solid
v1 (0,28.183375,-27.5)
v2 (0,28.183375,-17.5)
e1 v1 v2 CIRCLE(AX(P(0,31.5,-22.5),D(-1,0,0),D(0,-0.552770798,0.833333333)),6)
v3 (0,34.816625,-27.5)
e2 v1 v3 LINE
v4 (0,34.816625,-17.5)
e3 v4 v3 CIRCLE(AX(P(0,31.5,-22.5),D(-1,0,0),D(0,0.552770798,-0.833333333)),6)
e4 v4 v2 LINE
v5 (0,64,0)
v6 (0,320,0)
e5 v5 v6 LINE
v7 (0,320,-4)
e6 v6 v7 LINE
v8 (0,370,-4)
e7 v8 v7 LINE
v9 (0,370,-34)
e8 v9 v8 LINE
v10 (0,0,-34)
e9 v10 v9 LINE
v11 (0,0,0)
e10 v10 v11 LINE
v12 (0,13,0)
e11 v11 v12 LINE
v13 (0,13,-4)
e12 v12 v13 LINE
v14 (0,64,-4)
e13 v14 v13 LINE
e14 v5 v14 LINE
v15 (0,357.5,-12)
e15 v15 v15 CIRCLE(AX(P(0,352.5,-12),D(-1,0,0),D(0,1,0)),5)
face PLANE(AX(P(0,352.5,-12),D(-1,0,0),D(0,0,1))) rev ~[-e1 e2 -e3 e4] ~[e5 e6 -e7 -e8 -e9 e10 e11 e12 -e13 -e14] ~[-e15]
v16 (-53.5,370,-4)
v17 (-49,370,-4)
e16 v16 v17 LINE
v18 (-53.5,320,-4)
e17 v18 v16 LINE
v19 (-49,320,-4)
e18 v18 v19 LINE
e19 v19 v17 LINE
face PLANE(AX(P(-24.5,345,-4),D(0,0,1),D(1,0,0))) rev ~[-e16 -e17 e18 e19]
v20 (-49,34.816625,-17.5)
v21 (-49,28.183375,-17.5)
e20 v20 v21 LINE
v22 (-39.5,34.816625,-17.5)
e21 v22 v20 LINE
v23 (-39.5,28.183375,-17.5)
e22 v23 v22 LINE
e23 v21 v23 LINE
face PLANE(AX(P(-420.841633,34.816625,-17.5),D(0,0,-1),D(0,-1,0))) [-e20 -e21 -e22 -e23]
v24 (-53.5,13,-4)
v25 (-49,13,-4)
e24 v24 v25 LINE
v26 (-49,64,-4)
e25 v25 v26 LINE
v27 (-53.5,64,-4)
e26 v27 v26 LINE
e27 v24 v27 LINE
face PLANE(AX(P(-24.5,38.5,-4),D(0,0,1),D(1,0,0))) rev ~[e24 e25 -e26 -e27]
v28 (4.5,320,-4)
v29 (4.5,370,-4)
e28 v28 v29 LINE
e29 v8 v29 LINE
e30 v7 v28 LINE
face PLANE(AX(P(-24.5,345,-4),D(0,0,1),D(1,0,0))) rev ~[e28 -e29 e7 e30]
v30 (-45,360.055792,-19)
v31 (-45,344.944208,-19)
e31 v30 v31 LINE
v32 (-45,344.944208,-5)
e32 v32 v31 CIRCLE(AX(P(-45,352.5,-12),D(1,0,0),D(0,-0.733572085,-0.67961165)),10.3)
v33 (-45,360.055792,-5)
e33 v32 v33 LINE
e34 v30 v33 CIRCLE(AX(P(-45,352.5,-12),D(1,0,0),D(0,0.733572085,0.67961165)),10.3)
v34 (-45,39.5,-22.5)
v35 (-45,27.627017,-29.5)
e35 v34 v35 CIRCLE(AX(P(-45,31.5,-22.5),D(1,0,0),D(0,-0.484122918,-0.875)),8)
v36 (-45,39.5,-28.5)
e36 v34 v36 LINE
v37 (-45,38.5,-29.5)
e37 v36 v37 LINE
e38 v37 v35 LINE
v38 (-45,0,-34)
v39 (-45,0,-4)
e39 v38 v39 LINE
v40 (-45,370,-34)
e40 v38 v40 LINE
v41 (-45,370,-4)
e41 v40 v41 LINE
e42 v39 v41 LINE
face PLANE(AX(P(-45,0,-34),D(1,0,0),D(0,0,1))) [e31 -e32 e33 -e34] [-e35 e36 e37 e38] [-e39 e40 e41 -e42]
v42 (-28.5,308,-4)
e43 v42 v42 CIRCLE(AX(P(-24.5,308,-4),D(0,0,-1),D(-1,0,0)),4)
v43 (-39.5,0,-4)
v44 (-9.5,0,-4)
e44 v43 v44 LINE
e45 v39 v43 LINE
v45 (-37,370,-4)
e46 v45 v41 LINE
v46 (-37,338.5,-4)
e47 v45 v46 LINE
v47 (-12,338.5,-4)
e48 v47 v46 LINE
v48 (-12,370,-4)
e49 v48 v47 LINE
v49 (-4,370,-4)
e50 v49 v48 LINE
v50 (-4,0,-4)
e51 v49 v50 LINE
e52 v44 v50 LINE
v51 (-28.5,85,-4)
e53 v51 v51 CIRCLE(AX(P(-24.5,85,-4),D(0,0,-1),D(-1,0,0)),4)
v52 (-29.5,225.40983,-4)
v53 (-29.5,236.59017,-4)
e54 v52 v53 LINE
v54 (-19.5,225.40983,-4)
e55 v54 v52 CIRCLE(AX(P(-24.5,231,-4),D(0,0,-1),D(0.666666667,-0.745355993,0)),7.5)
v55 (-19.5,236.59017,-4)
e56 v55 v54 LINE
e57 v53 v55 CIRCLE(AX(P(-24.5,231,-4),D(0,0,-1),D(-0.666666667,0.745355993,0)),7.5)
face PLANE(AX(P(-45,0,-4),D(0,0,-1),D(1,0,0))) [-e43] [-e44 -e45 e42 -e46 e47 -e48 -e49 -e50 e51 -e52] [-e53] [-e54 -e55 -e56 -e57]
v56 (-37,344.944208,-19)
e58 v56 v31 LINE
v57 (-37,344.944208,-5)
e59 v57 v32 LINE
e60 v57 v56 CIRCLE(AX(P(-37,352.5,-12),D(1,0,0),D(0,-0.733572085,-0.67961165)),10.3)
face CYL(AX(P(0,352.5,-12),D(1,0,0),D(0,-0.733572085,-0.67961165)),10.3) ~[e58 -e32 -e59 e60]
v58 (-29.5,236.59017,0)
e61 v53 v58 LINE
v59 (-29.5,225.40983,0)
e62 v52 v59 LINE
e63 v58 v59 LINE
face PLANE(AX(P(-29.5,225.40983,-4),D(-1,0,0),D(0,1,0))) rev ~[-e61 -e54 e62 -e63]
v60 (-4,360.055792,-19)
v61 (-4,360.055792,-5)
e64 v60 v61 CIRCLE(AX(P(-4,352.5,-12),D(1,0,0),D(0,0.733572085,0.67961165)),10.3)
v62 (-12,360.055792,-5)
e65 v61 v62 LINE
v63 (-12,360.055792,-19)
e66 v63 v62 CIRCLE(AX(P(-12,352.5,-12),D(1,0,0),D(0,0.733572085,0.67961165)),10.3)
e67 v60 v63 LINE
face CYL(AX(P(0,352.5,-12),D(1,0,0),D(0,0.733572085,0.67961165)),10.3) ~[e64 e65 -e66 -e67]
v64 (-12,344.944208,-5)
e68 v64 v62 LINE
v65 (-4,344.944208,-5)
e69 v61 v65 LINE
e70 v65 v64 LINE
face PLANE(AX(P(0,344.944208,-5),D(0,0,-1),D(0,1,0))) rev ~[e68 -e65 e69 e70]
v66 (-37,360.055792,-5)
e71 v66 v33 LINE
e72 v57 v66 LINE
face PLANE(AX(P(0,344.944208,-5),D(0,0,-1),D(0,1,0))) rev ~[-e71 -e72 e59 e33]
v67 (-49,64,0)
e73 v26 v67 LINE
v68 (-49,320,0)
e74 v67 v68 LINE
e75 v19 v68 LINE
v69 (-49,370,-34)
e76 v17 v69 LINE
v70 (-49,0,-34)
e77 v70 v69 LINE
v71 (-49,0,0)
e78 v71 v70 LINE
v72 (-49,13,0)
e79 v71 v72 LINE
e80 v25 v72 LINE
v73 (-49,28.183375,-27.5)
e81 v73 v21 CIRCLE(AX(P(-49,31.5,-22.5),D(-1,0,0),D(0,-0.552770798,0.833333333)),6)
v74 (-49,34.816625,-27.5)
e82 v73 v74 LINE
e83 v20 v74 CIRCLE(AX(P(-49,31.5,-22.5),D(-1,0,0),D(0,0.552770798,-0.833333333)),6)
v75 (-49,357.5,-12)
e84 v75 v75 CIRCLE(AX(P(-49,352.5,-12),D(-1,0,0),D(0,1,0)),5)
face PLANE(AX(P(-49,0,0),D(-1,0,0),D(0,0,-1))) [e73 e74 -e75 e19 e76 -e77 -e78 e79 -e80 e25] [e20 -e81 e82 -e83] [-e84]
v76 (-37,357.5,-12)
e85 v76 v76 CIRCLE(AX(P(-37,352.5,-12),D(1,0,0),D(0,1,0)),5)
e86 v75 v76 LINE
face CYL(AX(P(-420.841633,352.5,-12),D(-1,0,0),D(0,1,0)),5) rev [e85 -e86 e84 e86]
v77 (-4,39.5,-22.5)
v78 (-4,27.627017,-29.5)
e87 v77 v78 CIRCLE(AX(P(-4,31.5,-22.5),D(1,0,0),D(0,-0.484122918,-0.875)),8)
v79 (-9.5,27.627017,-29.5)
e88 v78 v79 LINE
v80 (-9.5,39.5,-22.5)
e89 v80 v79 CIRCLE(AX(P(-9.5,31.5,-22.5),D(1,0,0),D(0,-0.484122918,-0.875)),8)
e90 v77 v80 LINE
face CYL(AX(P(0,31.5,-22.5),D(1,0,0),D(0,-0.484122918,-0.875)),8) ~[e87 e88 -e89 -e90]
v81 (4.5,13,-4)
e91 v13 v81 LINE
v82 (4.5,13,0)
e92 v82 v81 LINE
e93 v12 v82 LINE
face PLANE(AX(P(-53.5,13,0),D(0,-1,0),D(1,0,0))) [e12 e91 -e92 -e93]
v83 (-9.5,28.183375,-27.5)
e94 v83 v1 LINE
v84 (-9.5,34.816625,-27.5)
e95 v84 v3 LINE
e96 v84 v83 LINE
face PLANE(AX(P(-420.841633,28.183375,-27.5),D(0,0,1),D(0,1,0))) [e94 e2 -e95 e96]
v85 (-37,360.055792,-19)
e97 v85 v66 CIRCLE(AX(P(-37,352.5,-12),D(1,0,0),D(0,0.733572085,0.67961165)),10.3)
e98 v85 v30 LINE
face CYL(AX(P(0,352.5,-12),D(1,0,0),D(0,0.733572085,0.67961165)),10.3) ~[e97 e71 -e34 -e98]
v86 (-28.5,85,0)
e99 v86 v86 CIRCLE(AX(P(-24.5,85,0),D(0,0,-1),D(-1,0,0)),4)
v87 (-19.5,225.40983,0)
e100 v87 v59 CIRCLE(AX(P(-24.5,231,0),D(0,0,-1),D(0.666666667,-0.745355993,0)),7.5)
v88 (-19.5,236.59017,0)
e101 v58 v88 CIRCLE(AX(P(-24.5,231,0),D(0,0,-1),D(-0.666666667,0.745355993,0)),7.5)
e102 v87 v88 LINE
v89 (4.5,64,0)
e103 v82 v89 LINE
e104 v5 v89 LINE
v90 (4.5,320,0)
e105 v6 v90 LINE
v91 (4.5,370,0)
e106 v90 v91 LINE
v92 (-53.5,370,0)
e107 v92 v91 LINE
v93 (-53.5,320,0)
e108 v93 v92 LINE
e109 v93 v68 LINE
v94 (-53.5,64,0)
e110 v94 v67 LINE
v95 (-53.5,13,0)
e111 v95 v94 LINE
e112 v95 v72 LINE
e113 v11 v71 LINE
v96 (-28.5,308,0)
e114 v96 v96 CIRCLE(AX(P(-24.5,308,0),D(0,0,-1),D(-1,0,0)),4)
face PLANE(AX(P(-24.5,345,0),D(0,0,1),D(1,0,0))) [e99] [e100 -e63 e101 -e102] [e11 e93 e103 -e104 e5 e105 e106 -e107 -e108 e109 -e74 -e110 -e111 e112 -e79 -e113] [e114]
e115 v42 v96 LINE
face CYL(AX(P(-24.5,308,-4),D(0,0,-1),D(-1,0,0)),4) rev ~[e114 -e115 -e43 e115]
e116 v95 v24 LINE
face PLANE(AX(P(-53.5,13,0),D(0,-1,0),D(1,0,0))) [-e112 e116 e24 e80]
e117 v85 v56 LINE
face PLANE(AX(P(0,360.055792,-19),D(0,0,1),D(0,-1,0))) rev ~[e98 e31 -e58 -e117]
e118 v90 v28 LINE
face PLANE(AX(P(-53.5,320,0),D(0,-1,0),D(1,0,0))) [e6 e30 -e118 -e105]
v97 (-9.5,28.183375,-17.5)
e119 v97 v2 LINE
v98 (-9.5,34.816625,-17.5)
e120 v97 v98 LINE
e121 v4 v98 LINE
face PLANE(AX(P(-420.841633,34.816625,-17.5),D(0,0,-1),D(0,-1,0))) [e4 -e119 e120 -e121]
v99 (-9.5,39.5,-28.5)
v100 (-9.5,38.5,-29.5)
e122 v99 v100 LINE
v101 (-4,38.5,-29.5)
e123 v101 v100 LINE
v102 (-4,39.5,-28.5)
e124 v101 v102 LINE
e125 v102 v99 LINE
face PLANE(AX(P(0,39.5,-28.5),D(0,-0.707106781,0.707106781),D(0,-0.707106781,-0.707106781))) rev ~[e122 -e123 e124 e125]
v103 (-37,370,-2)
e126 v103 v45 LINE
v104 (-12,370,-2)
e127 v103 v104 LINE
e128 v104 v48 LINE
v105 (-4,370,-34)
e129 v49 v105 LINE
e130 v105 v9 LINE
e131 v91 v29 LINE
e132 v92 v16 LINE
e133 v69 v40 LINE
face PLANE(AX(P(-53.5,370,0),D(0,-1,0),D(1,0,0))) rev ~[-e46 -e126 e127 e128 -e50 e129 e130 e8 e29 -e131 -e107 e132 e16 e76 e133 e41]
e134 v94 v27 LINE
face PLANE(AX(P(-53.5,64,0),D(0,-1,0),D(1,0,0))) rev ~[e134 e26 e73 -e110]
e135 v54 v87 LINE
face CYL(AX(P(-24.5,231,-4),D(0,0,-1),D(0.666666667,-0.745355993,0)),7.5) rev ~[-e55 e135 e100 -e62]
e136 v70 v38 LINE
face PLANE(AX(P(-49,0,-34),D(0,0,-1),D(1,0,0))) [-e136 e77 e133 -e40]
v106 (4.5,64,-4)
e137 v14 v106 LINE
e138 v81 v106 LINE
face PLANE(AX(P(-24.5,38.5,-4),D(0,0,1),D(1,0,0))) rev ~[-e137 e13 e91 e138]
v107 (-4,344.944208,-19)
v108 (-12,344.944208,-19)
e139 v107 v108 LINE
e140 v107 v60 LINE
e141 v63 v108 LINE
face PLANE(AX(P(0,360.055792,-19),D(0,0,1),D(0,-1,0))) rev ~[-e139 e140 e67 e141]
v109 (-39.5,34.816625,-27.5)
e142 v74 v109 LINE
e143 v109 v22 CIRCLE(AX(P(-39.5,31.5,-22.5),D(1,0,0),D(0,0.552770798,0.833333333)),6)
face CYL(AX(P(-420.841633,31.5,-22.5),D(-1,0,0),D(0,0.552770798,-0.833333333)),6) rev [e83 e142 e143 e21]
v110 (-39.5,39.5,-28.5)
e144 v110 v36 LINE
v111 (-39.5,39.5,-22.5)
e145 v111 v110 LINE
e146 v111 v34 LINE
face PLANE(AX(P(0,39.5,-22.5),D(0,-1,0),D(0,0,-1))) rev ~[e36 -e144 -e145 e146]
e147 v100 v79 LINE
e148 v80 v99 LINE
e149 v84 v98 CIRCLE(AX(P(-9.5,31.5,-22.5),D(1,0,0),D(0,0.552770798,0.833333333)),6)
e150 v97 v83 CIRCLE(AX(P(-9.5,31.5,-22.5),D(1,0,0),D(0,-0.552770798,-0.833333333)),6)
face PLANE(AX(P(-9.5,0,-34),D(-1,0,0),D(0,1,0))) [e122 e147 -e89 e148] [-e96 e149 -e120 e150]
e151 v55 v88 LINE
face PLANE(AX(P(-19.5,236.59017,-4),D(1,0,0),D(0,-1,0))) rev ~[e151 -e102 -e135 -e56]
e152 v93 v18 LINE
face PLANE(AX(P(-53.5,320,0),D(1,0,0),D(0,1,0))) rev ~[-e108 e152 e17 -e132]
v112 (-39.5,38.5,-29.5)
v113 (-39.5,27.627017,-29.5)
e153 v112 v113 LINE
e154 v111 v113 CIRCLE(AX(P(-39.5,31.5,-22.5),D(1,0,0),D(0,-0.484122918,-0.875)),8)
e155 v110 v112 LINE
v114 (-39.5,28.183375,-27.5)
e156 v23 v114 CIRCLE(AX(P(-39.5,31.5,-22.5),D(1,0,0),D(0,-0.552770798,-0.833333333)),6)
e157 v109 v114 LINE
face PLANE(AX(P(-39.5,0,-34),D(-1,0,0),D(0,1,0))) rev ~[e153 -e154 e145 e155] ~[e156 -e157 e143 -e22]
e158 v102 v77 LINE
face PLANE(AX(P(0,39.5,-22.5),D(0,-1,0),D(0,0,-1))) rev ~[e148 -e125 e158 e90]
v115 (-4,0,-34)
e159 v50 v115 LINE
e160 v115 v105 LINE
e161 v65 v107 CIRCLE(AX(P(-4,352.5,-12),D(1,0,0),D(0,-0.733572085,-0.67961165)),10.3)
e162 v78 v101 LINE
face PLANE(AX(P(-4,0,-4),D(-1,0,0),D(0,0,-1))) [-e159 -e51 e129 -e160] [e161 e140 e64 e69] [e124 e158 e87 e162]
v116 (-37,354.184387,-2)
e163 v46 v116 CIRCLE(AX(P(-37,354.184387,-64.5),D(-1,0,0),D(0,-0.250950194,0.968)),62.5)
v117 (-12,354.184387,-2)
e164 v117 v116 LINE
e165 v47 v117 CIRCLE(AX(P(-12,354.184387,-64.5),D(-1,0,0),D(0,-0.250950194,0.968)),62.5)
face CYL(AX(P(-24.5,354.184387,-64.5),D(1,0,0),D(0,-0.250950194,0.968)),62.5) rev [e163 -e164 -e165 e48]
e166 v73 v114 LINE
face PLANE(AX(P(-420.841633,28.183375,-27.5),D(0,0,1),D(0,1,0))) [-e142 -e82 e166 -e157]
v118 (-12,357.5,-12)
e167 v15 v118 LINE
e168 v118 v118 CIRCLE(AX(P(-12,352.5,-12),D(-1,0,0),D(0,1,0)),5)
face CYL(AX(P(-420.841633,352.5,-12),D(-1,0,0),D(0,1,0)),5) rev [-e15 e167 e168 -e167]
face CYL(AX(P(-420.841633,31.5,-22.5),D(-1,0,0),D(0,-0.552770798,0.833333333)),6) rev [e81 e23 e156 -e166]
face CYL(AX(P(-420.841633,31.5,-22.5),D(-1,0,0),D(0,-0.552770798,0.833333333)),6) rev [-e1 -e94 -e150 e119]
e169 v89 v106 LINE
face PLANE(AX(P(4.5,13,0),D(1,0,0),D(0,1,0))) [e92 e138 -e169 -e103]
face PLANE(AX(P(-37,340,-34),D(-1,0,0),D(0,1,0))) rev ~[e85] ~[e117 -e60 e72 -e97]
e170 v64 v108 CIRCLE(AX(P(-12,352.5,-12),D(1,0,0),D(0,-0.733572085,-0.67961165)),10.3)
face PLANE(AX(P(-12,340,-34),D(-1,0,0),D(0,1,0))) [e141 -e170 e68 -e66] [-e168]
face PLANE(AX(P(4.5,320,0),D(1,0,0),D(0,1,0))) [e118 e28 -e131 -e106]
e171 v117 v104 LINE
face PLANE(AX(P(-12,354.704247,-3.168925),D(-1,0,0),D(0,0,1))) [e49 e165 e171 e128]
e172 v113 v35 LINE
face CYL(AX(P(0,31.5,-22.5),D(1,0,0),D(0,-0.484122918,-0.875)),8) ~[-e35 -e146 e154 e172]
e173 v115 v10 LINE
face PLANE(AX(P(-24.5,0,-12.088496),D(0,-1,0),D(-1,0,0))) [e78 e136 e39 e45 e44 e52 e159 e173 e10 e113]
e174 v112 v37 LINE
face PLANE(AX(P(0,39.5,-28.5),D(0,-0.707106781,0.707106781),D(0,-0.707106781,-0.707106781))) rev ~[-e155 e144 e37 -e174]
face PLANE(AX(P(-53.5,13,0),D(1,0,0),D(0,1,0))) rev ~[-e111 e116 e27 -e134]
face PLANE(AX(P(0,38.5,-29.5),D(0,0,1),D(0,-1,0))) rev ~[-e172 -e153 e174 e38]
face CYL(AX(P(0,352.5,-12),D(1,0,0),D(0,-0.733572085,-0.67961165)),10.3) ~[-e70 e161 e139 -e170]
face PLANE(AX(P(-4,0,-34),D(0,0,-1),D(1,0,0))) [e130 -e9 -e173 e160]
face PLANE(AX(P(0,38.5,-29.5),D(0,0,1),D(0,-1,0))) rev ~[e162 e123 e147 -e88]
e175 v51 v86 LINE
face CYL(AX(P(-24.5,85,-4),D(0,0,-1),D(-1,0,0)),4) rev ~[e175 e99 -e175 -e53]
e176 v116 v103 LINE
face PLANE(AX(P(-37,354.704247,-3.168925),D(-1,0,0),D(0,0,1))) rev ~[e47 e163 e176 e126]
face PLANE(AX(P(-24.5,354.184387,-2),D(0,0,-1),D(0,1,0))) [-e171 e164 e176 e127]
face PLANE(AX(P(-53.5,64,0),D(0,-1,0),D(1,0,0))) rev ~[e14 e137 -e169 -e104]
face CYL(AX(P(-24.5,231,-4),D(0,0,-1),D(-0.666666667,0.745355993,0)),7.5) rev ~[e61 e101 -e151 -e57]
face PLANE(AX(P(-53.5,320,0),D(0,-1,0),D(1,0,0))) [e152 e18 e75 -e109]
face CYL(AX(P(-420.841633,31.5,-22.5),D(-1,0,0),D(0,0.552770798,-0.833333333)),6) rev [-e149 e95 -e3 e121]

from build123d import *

# Parameters (mm, degrees)
BOSS_EXTRUDE1_DEPTH     = 370
SKETCH9_W               = 58
SKETCH9_H               = 50
SKETCH9_H_2             = 51
BOSS_EXTRUDE2_DEPTH     = 4
SKETCH14_R              = 5
BOSS_EXTRUDE3_DEPTH     = 49
CUT_EXTRUDE4_REACH      = 377.391
SKETCH15_W              = 25
SKETCH15_H              = 30
SKETCH15_W_2            = 30
SKETCH15_H_2            = 67.188472817
SKETCH16_R              = 4
CUT_EXTRUDE5_DEPTH      = 376.049663378
CUT_EXTRUDE6_DEPTH      = 376.049663378
CUT_EXTRUDE7_DEPTH      = 375.841633227
CUT_EXTRUDE7_DEPTH_BACK = 375.841633227
SKETCH18_R              = 5
CUT_EXTRUDE8_DEPTH      = 12.5


with BuildPart() as part:
    # Sketch3 → Boss-Extrude1 (new body)
    with BuildSketch(Plane(origin=(0, 0, 0), x_dir=(1, 0, 0), z_dir=(0, 1, 0))):
        Polygon((0, 0), (-49, 0), (-49, 34), (-45, 34), (-45, 4), (-4, 4), (-4, 34), (0, 34), align=None)
    extrude(amount=BOSS_EXTRUDE1_DEPTH)

    # Sketch9 → Boss-Extrude2 (add)
    with BuildSketch(Plane.XY):
        with Locations((-24.5, 345)):
            Rectangle(SKETCH9_W, SKETCH9_H)
        with Locations((-24.5, 38.5)):
            Rectangle(SKETCH9_W, SKETCH9_H_2)
    extrude(amount=-BOSS_EXTRUDE2_DEPTH)

    # Sketch14 → Boss-Extrude3 (add)
    # profile 1 of 2: a face of its own
    with BuildSketch(Plane(origin=(0, 0, 0), x_dir=(0, 0, -1), z_dir=(1, 0, 0))):
        with BuildLine():
            Line((19, 360.05579248), (19, 344.94420752))
            ThreePointArc((19, 344.94420752), (12, 342.2), (5, 344.94420752))
            Line((5, 344.94420752), (5, 360.05579248))
            ThreePointArc((5, 360.05579248), (12, 362.8), (19, 360.05579248))
        make_face()
        with Locations((12, 352.5)):
            Circle(SKETCH14_R, mode=Mode.SUBTRACT)
    # profile 2 of 2: a face of its own
    with BuildSketch(Plane(origin=(0, 0, 0), x_dir=(0, 0, -1), z_dir=(1, 0, 0))):
        with BuildLine():
            Line((29.5, 38.5), (29.5, 27.627016654))
            ThreePointArc((29.5, 27.627016654), (15.608560863, 27.436987987), (22.5, 39.5))
            Line((22.5, 39.5), (28.5, 39.5))
            Line((28.5, 39.5), (29.5, 38.5))
        make_face()
        with BuildLine():
            Line((27.5, 34.81662479), (27.5, 28.18337521))
            ThreePointArc((27.5, 28.18337521), (22.5, 25.5), (17.5, 28.18337521))
            Line((17.5, 28.18337521), (17.5, 34.81662479))
            ThreePointArc((17.5, 34.81662479), (22.5, 37.5), (27.5, 34.81662479))
        make_face(mode=Mode.SUBTRACT)
    extrude(amount=-BOSS_EXTRUDE3_DEPTH)

    # Cut-Extrude4: up to this face of the body (flat: up to its plane)
    cut_extrude4_end = Plane(part.part.faces().sort_by_distance((-24.5, 185, -4))[0])
    # Sketch15 → Cut-Extrude4 (cut, up to the picked face)
    with BuildSketch(Plane(origin=(0, 0, -34), x_dir=(-1, 0, 0), z_dir=(0, 0, -1)), mode=Mode.PRIVATE) as cut_extrude4_sk1:
        with Locations((24.5, 355)):
            Rectangle(SKETCH15_W, SKETCH15_H)
    cut_extrude4_tool1 = split(extrude(cut_extrude4_sk1.sketch, amount=-CUT_EXTRUDE4_REACH, mode=Mode.PRIVATE), bisect_by=cut_extrude4_end, keep=Keep.BOTH, mode=Mode.PRIVATE)
    # Sketch15 → Cut-Extrude4 (cut, up to the picked face)
    with BuildSketch(Plane(origin=(0, 0, -34), x_dir=(-1, 0, 0), z_dir=(0, 0, -1)), mode=Mode.PRIVATE) as cut_extrude4_sk2:
        with Locations((24.5, 33.594236409)):
            Rectangle(SKETCH15_W_2, SKETCH15_H_2)
    cut_extrude4_tool2 = split(extrude(cut_extrude4_sk2.sketch, amount=-CUT_EXTRUDE4_REACH, mode=Mode.PRIVATE), bisect_by=cut_extrude4_end, keep=Keep.BOTH, mode=Mode.PRIVATE)
    add(cut_extrude4_tool1.solids().sort_by(Axis((-24.5, 355, -34), (0, 0, 1)))[0], mode=Mode.SUBTRACT)
    add(cut_extrude4_tool2.solids().sort_by(Axis((-24.5, 33.594236, -34), (0, 0, 1)))[0], mode=Mode.SUBTRACT)

    # Sketch16 → Cut-Extrude5 (cut, through all)
    with BuildSketch(Plane(origin=(0, 0, -4), x_dir=(-1, 0, 0), z_dir=(0, 0, -1))):
        with Locations((24.5, 85)):
            Circle(SKETCH16_R)
        with Locations((24.5, 308)):
            Circle(SKETCH16_R)
    extrude(amount=-CUT_EXTRUDE5_DEPTH, mode=Mode.SUBTRACT)

    # Sketch17 → Cut-Extrude6 (cut, through all)
    with BuildSketch(Plane(origin=(0, 0, -4), x_dir=(-1, 0, 0), z_dir=(0, 0, -1))):
        with BuildLine():
            Line((19.5, 236.590169944), (19.5, 225.409830056))
            ThreePointArc((19.5, 225.409830056), (24.5, 223.5), (29.5, 225.409830056))
            Line((29.5, 225.409830056), (29.5, 236.590169944))
            ThreePointArc((29.5, 236.590169944), (24.5, 238.5), (19.5, 236.590169944))
        make_face()
    extrude(amount=-CUT_EXTRUDE6_DEPTH, mode=Mode.SUBTRACT)

    # Sketch18 → Cut-Extrude7 (cut, two sides: drawn at the far end of the back side and taken through both)
    with BuildSketch(Plane(origin=(-45, 0, 0), x_dir=(0, 0, -1), z_dir=(1, 0, 0)).offset(-CUT_EXTRUDE7_DEPTH_BACK)):
        with Locations(Location((12, 352.5, 0), (0, 0, 90))):
            Circle(SKETCH18_R)
        with BuildLine():
            Line((17.5, 34.81662479), (17.5, 28.18337521))
            ThreePointArc((17.5, 28.18337521), (22.5, 25.5), (27.5, 28.18337521))
            Line((27.5, 28.18337521), (27.5, 34.81662479))
            ThreePointArc((27.5, 34.81662479), (22.5, 37.5), (17.5, 34.81662479))
        make_face()
    extrude(amount=CUT_EXTRUDE7_DEPTH + CUT_EXTRUDE7_DEPTH_BACK, mode=Mode.SUBTRACT)

    # Sketch19 → Cut-Extrude8 (cut, symmetric)
    with BuildSketch(Plane(origin=(-24.5, 0, 0), x_dir=(0, 0, -1), z_dir=(1, 0, 0))):
        with BuildLine():
            Line((4, 370), (4, 338.5))
            ThreePointArc((4, 338.5), (2.502016162, 346.278692991), (2, 354.184387141))
            Line((2, 354.184387141), (2, 370))
            Line((2, 370), (4, 370))
        make_face()
    extrude(amount=CUT_EXTRUDE8_DEPTH, both=True, mode=Mode.SUBTRACT)


solid = part.part
